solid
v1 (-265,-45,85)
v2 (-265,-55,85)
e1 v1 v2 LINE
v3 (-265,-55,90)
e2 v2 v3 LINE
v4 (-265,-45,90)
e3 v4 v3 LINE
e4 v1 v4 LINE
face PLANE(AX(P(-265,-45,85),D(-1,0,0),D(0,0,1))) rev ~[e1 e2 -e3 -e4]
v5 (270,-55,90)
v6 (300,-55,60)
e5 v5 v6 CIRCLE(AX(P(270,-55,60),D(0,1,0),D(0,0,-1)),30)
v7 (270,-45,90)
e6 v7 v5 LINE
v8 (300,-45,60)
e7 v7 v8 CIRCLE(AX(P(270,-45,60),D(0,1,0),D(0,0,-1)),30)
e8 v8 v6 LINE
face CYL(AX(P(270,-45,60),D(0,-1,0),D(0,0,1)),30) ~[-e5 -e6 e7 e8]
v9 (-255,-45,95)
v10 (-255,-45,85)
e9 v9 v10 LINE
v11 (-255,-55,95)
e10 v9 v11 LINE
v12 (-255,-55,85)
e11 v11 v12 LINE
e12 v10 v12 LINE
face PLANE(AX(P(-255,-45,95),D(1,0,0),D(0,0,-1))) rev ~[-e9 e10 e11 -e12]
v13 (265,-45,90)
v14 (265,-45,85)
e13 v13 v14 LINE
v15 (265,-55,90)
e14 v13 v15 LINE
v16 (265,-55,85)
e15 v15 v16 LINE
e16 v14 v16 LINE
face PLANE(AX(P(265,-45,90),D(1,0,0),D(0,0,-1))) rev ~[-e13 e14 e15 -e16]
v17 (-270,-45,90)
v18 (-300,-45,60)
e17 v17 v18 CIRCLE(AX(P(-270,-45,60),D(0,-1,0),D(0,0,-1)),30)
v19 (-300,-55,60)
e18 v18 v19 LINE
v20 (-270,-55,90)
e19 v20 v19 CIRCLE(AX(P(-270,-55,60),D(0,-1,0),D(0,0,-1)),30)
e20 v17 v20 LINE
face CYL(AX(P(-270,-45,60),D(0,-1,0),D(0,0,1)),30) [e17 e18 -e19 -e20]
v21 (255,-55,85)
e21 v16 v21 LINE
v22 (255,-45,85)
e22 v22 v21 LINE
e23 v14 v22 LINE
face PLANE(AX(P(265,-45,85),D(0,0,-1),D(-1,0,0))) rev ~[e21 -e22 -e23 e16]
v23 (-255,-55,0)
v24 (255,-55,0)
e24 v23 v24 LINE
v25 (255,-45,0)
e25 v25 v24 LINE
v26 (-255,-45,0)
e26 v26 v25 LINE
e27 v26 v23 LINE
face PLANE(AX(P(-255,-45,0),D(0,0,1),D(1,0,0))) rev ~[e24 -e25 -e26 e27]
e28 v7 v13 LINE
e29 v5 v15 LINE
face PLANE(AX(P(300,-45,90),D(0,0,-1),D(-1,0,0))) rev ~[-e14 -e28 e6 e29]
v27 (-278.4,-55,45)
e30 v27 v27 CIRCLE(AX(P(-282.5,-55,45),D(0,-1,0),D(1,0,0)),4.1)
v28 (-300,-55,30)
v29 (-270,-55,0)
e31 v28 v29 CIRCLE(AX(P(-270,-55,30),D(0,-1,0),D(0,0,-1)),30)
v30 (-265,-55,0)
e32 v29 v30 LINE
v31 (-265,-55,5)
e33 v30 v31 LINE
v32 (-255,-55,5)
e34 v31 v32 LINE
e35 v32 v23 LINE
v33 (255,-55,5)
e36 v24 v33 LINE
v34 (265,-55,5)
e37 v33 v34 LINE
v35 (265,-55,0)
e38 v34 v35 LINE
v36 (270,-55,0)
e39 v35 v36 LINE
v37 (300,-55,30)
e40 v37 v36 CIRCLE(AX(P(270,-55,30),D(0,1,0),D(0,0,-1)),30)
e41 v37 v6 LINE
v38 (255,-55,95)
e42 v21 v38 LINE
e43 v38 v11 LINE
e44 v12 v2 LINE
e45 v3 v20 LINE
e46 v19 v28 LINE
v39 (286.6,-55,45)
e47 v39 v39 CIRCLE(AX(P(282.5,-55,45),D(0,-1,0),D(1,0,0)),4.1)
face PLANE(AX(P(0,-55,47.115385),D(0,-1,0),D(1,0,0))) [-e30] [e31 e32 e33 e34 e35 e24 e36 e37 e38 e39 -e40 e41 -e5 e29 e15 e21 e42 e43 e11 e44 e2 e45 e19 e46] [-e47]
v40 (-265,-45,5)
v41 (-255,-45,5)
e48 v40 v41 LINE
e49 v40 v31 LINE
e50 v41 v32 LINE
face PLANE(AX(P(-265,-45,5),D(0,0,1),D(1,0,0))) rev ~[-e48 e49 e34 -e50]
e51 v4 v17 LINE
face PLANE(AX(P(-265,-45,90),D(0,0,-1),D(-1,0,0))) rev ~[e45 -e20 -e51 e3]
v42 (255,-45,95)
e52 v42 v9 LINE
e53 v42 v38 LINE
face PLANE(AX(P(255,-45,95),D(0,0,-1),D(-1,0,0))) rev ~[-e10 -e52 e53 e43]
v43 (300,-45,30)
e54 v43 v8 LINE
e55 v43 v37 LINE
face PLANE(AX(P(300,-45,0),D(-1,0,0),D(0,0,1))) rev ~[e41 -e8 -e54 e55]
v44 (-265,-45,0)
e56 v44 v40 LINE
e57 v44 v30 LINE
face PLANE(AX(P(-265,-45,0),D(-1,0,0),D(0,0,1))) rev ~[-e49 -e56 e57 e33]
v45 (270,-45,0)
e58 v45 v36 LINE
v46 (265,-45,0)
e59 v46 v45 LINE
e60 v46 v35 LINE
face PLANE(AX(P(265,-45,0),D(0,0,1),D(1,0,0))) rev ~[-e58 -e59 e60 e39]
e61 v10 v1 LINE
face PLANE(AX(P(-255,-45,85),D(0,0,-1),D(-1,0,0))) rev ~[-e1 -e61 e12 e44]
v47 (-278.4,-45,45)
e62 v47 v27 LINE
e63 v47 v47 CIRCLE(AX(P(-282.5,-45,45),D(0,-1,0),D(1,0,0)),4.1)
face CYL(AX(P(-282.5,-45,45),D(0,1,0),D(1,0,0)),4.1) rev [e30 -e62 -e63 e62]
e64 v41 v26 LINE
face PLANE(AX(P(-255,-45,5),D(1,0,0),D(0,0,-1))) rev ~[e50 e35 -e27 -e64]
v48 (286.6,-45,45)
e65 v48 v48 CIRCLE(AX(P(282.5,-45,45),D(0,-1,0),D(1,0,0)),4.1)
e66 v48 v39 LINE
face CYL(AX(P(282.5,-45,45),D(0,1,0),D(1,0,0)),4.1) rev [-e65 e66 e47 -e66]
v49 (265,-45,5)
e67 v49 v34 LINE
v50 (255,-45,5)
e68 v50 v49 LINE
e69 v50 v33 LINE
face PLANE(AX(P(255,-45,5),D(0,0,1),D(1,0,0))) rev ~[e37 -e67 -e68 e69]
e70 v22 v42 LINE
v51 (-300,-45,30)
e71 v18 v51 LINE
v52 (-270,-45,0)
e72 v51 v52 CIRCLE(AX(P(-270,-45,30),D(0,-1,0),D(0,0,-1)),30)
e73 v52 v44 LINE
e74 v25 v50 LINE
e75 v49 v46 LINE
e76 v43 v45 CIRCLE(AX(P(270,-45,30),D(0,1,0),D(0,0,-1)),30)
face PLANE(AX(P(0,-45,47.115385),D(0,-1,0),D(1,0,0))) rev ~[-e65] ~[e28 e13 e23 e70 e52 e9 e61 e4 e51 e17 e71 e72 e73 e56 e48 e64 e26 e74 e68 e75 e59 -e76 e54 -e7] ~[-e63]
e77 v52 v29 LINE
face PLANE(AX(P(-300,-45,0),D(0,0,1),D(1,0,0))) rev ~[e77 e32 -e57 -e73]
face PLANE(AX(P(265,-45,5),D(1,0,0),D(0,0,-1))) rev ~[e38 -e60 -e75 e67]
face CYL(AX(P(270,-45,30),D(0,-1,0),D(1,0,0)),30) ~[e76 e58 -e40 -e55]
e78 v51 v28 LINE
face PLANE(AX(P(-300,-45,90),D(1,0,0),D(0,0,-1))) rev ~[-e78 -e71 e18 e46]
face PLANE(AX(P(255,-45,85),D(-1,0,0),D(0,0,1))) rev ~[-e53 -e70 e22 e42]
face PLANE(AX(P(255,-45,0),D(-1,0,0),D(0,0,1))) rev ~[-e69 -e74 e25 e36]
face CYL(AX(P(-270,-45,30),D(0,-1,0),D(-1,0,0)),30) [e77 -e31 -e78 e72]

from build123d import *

# Parameters (mm, degrees)
F0_R     = 4.1
F1_DEPTH = 10
F2_R     = 30
F3_ANGLE = 90


with BuildPart() as f1:
    # F0 (on Top) → F1 (new body)
    with BuildSketch(Plane.XY):
        Polygon((-265, 45), (-300, 45), (-300, -45), (-265, -45), (-265, -40), (-255, -40), (-255, -45), (255, -45), (255, -40), (265, -40), (265, -45), (300, -45), (300, 45), (265, 45), (265, 40), (255, 40), (255, 50), (-255, 50), (-255, 40), (-265, 40), align=None)
        with Locations((-282.5, 0)):
            Circle(F0_R, mode=Mode.SUBTRACT)
        with Locations((282.5, 0)):
            Circle(F0_R, mode=Mode.SUBTRACT)
    extrude(amount=F1_DEPTH)

    # F2
    f2_edges = [f1.edges().sort_by_distance(p)[0] for p in [
        (-300, -45, 5),
        (-300, 45, 5),
        (300, 45, 5),
        (300, -45, 5),
    ]]
    fillet(f2_edges, radius=F2_R)


with BuildPart() as f1_1:
    # F3: moved
    add(f1.part.rotate(Axis((282.5, -45, 0), (1, 0, 0)), F3_ANGLE))


solid = f1_1.part
